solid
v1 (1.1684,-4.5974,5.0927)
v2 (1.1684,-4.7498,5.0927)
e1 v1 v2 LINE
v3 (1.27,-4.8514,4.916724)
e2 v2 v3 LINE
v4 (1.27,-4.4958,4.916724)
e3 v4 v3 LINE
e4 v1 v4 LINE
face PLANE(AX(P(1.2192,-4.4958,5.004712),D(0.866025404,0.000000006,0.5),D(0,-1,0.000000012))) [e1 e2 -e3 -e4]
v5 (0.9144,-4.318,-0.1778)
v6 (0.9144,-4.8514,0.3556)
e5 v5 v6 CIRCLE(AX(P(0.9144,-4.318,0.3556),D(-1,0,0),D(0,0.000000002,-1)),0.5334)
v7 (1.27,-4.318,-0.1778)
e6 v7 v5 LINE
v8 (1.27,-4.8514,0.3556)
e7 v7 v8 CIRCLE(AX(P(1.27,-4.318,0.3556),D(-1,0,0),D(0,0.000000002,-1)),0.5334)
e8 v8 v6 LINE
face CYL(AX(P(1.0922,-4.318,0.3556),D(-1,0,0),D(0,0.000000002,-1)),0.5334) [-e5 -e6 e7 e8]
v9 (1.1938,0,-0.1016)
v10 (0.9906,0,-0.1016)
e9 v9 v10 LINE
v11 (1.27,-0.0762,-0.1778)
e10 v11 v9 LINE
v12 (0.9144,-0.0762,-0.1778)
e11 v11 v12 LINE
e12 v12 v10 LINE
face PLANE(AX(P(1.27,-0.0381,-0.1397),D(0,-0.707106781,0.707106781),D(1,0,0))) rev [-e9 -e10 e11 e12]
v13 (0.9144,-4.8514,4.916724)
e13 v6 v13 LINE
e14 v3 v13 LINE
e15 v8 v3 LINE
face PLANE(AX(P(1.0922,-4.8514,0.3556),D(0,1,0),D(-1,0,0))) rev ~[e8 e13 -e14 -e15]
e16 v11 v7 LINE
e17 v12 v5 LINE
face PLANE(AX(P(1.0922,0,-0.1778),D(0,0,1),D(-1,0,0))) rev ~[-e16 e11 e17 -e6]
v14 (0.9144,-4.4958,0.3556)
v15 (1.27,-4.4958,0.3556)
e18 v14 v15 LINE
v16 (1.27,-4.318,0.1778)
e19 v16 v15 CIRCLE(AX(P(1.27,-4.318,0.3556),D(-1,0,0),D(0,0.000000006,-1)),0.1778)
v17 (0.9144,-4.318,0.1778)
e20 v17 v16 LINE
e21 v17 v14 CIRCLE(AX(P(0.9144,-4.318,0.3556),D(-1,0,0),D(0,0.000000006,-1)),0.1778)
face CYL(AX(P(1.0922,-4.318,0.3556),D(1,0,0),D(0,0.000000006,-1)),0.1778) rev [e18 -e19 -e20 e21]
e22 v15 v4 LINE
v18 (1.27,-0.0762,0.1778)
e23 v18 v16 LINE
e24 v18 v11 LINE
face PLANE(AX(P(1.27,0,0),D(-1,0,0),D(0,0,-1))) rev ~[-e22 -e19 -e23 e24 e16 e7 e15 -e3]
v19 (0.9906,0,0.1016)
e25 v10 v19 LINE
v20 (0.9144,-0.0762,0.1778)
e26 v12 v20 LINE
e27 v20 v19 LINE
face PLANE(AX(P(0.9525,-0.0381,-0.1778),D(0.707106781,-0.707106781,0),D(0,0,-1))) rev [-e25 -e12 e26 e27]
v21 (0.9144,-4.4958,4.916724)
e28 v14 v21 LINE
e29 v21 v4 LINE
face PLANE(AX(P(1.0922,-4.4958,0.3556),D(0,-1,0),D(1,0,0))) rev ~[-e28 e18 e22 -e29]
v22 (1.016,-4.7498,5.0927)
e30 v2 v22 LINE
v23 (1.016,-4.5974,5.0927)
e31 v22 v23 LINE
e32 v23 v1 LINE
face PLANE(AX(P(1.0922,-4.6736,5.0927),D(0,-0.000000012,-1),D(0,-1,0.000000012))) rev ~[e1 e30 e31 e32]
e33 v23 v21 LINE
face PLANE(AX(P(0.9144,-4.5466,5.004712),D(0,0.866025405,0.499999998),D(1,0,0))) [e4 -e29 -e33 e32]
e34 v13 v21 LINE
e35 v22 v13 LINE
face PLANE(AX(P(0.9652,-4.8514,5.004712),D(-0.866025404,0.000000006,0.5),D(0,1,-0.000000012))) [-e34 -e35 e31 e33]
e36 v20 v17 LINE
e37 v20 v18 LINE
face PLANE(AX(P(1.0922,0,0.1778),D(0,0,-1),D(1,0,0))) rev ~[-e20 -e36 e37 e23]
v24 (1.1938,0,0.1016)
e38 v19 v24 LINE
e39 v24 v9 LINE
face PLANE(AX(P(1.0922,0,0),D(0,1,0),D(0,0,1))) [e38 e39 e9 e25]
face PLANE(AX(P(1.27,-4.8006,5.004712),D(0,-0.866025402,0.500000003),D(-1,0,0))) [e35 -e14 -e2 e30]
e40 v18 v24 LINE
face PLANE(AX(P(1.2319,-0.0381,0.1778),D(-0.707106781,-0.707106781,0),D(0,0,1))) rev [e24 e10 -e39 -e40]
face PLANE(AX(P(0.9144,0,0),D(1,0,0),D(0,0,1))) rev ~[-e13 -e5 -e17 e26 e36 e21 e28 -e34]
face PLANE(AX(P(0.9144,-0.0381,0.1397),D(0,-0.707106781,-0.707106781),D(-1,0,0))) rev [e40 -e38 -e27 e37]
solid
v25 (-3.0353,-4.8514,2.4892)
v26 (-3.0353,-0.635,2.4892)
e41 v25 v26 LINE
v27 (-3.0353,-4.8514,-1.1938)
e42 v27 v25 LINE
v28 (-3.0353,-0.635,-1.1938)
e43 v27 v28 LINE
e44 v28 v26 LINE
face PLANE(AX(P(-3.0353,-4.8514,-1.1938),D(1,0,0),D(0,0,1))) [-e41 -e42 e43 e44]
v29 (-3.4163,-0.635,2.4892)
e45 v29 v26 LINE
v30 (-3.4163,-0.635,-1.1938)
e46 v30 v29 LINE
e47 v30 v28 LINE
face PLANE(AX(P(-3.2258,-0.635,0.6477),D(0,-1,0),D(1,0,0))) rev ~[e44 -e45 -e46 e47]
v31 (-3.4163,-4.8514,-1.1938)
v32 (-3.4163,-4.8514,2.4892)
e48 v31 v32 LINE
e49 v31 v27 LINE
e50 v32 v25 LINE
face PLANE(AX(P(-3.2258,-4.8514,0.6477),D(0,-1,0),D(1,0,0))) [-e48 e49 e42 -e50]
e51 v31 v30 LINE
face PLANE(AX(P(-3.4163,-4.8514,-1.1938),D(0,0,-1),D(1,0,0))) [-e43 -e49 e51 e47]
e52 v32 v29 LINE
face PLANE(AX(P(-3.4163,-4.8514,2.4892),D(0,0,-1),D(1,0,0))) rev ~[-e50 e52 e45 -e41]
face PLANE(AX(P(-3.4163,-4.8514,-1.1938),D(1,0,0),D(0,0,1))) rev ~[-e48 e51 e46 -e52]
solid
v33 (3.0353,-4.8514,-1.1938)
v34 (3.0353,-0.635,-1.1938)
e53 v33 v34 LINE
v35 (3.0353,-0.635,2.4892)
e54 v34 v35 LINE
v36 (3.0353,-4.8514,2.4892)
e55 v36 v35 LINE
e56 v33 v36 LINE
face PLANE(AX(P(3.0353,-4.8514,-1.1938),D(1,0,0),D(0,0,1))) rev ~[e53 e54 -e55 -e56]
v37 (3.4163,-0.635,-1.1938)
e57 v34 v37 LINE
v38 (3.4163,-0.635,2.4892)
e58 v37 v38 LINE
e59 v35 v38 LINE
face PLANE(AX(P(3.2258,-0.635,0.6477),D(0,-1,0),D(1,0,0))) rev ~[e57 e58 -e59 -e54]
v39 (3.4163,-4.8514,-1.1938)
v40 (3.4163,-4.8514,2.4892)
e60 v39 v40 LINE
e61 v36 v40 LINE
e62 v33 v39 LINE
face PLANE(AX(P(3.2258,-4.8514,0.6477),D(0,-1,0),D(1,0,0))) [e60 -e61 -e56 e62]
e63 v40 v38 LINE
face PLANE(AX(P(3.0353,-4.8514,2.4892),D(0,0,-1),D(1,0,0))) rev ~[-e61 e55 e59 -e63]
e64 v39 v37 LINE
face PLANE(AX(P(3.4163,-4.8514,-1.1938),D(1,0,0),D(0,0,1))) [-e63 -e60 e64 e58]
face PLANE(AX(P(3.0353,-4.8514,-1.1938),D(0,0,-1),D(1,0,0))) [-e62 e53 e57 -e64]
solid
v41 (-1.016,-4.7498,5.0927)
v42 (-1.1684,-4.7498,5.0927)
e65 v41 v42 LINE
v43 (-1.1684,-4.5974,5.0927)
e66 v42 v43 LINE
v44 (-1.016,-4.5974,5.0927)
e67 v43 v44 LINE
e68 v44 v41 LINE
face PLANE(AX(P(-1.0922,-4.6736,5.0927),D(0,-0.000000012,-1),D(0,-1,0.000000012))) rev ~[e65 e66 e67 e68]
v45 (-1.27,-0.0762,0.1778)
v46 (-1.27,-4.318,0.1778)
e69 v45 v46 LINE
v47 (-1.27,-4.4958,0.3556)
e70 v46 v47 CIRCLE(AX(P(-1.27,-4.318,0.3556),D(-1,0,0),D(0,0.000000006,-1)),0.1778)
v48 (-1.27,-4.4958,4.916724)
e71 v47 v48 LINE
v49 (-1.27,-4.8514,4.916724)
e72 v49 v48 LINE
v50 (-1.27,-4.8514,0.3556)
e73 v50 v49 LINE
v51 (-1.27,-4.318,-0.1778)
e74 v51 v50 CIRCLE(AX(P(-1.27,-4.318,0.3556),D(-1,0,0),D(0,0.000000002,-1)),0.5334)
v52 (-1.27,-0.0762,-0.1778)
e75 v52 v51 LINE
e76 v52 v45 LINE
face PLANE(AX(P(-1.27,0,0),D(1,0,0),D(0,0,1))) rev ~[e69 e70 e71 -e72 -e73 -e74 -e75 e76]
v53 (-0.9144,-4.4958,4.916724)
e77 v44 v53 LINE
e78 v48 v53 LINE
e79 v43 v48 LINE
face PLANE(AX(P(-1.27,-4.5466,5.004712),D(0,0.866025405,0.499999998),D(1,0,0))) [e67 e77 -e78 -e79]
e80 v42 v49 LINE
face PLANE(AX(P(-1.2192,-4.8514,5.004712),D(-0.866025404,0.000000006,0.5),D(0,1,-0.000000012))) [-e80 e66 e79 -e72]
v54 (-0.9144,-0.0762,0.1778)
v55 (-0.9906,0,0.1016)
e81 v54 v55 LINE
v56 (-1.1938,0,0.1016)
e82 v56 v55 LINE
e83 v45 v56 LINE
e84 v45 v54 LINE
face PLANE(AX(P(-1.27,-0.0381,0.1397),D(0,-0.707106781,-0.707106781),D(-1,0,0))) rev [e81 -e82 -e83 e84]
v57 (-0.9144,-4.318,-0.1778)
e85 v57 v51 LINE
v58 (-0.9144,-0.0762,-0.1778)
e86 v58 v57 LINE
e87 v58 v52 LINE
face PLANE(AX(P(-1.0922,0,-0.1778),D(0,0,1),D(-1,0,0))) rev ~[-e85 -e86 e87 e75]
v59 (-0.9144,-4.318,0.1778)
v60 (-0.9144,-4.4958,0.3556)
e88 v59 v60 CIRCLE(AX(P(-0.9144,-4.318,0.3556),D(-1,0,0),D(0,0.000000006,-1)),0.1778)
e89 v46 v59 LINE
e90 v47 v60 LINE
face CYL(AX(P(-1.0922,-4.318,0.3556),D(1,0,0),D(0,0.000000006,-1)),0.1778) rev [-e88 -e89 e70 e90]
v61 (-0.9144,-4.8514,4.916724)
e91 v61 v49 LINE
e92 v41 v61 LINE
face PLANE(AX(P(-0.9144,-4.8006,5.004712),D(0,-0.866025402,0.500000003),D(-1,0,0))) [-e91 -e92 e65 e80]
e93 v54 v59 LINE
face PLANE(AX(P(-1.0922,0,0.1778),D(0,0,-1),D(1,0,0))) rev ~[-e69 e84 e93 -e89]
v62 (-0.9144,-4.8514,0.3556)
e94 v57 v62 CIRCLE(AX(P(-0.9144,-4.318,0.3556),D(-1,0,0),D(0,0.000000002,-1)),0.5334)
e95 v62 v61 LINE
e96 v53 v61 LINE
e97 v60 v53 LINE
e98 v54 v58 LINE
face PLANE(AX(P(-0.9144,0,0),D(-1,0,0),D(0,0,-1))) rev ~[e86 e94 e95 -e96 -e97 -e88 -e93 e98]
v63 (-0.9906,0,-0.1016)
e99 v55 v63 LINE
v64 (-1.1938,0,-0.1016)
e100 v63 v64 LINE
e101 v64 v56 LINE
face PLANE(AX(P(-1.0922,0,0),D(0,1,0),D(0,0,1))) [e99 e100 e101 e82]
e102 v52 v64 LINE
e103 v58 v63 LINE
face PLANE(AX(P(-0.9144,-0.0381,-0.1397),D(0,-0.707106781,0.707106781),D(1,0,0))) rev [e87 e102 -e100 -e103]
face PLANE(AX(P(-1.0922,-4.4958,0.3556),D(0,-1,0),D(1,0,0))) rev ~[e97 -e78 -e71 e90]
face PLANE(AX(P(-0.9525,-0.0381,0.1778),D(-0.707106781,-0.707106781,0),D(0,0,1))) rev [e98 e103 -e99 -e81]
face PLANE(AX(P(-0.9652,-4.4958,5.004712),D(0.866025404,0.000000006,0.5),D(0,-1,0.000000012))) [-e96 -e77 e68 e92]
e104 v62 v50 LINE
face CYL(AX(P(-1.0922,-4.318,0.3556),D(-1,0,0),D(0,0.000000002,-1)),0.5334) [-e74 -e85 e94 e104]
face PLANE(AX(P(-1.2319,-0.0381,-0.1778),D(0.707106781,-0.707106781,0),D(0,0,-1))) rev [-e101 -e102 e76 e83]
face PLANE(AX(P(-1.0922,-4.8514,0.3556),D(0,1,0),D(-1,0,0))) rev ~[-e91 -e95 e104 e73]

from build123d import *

# Parameters (mm, degrees)
SKETCH1_W             = 0.3556
SKETCH1_H             = 0.3556
SKETCH4_W             = 0.381
SKETCH4_H             = 3.683
BOSS_EXTRUDE1_DEPTH   = 4.2164
BOSS_EXTRUDE1_2_DEPTH = 4.2164
CHAMFER1_SIZE         = 0.0762
CHAMFER2_SIZE         = 0.0762
CHAMFER3_SIZE         = 0.1016
CHAMFER3_SIZE2        = 0.175976362
CHAMFER4_SIZE         = 0.1016
CHAMFER4_SIZE2        = 0.175976362


with BuildPart() as part:
    # Sweep1: sweep along a path in Sketch2
    with BuildLine(Plane(origin=(0, 0, 0), x_dir=(0, 0, -1), z_dir=(1, 0, 0))) as sweep1_path:
        Line((-0.1778, 0), (-0.1778, -4.318))
        ThreePointArc((-0.1778, -4.318), (-0.229876414, -4.443723586), (-0.3556, -4.4958))
        Line((-0.3556, -4.4958), (-5.0927, -4.4958))
    # Sketch1 → Sweep1 (sweep)
    with BuildSketch(Plane(origin=(0, 0, 0), x_dir=(1, 0, 0), z_dir=(0, 1, 0))):
        with Locations((-1.0922, 0)):
            Rectangle(SKETCH1_W, SKETCH1_H)
        with Locations((1.0922, 0)):
            Rectangle(SKETCH1_W, SKETCH1_H)
    sweep(path=sweep1_path.line)

    # Chamfer1
    chamfer1_edges = [part.edges().sort_by_distance(p)[0] for p in [
        (1.0922, 0, 0.1778),
        (1.27, 0, 0),
        (1.0922, 0, -0.1778),
        (0.9144, 0, 0),
    ]]
    chamfer(chamfer1_edges, length=CHAMFER1_SIZE)

    # Chamfer2
    chamfer2_edges = [part.edges().sort_by_distance(p)[0] for p in [
        (-1.0922, 0, 0.1778),
        (-0.9144, 0, 0),
        (-1.0922, 0, -0.1778),
        (-1.27, 0, 0),
    ]]
    chamfer(chamfer2_edges, length=CHAMFER2_SIZE)

    # Chamfer3
    chamfer3_edges = [part.edges().sort_by_distance(p)[0] for p in [
        (-1.27, -4.6736, 5.0927),
        (-1.0922, -4.4958, 5.0927),
        (-0.9144, -4.6736, 5.0927),
        (-1.0922, -4.8514, 5.0927),
    ]]
    chamfer3_side = [part.faces().sort_by_distance(p)[0] for p in [
        (-1.0922, -4.6736, 5.0927),
    ]]
    chamfer(chamfer3_edges, length=CHAMFER3_SIZE, length2=CHAMFER3_SIZE2, reference=chamfer3_side[0])

    # Chamfer4
    chamfer4_edges = [part.edges().sort_by_distance(p)[0] for p in [
        (0.9144, -4.6736, 5.0927),
        (1.0922, -4.4958, 5.0927),
        (1.27, -4.6736, 5.0927),
        (1.0922, -4.8514, 5.0927),
    ]]
    chamfer4_side = [part.faces().sort_by_distance(p)[0] for p in [
        (1.0922, -4.6736, 5.0927),
    ]]
    chamfer(chamfer4_edges, length=CHAMFER4_SIZE, length2=CHAMFER4_SIZE2, reference=chamfer4_side[0])


with BuildPart() as body_2:
    # Sketch4 → Boss-Extrude1 (new body)
    with BuildSketch(Plane.XZ.offset(4.8514)):
        with Locations((3.2258, 0.6477)):
            Rectangle(SKETCH4_W, SKETCH4_H)
    extrude(amount=-BOSS_EXTRUDE1_DEPTH)


with BuildPart() as body_3:
    # Sketch4 → Boss-Extrude1 2 (new body)
    with BuildSketch(Plane.XZ.offset(4.8514)):
        with Locations((-3.2258, 0.6477)):
            Rectangle(SKETCH4_W, SKETCH4_H)
    extrude(amount=-BOSS_EXTRUDE1_2_DEPTH)


solid = Compound([part.part, body_2.part, body_3.part])
